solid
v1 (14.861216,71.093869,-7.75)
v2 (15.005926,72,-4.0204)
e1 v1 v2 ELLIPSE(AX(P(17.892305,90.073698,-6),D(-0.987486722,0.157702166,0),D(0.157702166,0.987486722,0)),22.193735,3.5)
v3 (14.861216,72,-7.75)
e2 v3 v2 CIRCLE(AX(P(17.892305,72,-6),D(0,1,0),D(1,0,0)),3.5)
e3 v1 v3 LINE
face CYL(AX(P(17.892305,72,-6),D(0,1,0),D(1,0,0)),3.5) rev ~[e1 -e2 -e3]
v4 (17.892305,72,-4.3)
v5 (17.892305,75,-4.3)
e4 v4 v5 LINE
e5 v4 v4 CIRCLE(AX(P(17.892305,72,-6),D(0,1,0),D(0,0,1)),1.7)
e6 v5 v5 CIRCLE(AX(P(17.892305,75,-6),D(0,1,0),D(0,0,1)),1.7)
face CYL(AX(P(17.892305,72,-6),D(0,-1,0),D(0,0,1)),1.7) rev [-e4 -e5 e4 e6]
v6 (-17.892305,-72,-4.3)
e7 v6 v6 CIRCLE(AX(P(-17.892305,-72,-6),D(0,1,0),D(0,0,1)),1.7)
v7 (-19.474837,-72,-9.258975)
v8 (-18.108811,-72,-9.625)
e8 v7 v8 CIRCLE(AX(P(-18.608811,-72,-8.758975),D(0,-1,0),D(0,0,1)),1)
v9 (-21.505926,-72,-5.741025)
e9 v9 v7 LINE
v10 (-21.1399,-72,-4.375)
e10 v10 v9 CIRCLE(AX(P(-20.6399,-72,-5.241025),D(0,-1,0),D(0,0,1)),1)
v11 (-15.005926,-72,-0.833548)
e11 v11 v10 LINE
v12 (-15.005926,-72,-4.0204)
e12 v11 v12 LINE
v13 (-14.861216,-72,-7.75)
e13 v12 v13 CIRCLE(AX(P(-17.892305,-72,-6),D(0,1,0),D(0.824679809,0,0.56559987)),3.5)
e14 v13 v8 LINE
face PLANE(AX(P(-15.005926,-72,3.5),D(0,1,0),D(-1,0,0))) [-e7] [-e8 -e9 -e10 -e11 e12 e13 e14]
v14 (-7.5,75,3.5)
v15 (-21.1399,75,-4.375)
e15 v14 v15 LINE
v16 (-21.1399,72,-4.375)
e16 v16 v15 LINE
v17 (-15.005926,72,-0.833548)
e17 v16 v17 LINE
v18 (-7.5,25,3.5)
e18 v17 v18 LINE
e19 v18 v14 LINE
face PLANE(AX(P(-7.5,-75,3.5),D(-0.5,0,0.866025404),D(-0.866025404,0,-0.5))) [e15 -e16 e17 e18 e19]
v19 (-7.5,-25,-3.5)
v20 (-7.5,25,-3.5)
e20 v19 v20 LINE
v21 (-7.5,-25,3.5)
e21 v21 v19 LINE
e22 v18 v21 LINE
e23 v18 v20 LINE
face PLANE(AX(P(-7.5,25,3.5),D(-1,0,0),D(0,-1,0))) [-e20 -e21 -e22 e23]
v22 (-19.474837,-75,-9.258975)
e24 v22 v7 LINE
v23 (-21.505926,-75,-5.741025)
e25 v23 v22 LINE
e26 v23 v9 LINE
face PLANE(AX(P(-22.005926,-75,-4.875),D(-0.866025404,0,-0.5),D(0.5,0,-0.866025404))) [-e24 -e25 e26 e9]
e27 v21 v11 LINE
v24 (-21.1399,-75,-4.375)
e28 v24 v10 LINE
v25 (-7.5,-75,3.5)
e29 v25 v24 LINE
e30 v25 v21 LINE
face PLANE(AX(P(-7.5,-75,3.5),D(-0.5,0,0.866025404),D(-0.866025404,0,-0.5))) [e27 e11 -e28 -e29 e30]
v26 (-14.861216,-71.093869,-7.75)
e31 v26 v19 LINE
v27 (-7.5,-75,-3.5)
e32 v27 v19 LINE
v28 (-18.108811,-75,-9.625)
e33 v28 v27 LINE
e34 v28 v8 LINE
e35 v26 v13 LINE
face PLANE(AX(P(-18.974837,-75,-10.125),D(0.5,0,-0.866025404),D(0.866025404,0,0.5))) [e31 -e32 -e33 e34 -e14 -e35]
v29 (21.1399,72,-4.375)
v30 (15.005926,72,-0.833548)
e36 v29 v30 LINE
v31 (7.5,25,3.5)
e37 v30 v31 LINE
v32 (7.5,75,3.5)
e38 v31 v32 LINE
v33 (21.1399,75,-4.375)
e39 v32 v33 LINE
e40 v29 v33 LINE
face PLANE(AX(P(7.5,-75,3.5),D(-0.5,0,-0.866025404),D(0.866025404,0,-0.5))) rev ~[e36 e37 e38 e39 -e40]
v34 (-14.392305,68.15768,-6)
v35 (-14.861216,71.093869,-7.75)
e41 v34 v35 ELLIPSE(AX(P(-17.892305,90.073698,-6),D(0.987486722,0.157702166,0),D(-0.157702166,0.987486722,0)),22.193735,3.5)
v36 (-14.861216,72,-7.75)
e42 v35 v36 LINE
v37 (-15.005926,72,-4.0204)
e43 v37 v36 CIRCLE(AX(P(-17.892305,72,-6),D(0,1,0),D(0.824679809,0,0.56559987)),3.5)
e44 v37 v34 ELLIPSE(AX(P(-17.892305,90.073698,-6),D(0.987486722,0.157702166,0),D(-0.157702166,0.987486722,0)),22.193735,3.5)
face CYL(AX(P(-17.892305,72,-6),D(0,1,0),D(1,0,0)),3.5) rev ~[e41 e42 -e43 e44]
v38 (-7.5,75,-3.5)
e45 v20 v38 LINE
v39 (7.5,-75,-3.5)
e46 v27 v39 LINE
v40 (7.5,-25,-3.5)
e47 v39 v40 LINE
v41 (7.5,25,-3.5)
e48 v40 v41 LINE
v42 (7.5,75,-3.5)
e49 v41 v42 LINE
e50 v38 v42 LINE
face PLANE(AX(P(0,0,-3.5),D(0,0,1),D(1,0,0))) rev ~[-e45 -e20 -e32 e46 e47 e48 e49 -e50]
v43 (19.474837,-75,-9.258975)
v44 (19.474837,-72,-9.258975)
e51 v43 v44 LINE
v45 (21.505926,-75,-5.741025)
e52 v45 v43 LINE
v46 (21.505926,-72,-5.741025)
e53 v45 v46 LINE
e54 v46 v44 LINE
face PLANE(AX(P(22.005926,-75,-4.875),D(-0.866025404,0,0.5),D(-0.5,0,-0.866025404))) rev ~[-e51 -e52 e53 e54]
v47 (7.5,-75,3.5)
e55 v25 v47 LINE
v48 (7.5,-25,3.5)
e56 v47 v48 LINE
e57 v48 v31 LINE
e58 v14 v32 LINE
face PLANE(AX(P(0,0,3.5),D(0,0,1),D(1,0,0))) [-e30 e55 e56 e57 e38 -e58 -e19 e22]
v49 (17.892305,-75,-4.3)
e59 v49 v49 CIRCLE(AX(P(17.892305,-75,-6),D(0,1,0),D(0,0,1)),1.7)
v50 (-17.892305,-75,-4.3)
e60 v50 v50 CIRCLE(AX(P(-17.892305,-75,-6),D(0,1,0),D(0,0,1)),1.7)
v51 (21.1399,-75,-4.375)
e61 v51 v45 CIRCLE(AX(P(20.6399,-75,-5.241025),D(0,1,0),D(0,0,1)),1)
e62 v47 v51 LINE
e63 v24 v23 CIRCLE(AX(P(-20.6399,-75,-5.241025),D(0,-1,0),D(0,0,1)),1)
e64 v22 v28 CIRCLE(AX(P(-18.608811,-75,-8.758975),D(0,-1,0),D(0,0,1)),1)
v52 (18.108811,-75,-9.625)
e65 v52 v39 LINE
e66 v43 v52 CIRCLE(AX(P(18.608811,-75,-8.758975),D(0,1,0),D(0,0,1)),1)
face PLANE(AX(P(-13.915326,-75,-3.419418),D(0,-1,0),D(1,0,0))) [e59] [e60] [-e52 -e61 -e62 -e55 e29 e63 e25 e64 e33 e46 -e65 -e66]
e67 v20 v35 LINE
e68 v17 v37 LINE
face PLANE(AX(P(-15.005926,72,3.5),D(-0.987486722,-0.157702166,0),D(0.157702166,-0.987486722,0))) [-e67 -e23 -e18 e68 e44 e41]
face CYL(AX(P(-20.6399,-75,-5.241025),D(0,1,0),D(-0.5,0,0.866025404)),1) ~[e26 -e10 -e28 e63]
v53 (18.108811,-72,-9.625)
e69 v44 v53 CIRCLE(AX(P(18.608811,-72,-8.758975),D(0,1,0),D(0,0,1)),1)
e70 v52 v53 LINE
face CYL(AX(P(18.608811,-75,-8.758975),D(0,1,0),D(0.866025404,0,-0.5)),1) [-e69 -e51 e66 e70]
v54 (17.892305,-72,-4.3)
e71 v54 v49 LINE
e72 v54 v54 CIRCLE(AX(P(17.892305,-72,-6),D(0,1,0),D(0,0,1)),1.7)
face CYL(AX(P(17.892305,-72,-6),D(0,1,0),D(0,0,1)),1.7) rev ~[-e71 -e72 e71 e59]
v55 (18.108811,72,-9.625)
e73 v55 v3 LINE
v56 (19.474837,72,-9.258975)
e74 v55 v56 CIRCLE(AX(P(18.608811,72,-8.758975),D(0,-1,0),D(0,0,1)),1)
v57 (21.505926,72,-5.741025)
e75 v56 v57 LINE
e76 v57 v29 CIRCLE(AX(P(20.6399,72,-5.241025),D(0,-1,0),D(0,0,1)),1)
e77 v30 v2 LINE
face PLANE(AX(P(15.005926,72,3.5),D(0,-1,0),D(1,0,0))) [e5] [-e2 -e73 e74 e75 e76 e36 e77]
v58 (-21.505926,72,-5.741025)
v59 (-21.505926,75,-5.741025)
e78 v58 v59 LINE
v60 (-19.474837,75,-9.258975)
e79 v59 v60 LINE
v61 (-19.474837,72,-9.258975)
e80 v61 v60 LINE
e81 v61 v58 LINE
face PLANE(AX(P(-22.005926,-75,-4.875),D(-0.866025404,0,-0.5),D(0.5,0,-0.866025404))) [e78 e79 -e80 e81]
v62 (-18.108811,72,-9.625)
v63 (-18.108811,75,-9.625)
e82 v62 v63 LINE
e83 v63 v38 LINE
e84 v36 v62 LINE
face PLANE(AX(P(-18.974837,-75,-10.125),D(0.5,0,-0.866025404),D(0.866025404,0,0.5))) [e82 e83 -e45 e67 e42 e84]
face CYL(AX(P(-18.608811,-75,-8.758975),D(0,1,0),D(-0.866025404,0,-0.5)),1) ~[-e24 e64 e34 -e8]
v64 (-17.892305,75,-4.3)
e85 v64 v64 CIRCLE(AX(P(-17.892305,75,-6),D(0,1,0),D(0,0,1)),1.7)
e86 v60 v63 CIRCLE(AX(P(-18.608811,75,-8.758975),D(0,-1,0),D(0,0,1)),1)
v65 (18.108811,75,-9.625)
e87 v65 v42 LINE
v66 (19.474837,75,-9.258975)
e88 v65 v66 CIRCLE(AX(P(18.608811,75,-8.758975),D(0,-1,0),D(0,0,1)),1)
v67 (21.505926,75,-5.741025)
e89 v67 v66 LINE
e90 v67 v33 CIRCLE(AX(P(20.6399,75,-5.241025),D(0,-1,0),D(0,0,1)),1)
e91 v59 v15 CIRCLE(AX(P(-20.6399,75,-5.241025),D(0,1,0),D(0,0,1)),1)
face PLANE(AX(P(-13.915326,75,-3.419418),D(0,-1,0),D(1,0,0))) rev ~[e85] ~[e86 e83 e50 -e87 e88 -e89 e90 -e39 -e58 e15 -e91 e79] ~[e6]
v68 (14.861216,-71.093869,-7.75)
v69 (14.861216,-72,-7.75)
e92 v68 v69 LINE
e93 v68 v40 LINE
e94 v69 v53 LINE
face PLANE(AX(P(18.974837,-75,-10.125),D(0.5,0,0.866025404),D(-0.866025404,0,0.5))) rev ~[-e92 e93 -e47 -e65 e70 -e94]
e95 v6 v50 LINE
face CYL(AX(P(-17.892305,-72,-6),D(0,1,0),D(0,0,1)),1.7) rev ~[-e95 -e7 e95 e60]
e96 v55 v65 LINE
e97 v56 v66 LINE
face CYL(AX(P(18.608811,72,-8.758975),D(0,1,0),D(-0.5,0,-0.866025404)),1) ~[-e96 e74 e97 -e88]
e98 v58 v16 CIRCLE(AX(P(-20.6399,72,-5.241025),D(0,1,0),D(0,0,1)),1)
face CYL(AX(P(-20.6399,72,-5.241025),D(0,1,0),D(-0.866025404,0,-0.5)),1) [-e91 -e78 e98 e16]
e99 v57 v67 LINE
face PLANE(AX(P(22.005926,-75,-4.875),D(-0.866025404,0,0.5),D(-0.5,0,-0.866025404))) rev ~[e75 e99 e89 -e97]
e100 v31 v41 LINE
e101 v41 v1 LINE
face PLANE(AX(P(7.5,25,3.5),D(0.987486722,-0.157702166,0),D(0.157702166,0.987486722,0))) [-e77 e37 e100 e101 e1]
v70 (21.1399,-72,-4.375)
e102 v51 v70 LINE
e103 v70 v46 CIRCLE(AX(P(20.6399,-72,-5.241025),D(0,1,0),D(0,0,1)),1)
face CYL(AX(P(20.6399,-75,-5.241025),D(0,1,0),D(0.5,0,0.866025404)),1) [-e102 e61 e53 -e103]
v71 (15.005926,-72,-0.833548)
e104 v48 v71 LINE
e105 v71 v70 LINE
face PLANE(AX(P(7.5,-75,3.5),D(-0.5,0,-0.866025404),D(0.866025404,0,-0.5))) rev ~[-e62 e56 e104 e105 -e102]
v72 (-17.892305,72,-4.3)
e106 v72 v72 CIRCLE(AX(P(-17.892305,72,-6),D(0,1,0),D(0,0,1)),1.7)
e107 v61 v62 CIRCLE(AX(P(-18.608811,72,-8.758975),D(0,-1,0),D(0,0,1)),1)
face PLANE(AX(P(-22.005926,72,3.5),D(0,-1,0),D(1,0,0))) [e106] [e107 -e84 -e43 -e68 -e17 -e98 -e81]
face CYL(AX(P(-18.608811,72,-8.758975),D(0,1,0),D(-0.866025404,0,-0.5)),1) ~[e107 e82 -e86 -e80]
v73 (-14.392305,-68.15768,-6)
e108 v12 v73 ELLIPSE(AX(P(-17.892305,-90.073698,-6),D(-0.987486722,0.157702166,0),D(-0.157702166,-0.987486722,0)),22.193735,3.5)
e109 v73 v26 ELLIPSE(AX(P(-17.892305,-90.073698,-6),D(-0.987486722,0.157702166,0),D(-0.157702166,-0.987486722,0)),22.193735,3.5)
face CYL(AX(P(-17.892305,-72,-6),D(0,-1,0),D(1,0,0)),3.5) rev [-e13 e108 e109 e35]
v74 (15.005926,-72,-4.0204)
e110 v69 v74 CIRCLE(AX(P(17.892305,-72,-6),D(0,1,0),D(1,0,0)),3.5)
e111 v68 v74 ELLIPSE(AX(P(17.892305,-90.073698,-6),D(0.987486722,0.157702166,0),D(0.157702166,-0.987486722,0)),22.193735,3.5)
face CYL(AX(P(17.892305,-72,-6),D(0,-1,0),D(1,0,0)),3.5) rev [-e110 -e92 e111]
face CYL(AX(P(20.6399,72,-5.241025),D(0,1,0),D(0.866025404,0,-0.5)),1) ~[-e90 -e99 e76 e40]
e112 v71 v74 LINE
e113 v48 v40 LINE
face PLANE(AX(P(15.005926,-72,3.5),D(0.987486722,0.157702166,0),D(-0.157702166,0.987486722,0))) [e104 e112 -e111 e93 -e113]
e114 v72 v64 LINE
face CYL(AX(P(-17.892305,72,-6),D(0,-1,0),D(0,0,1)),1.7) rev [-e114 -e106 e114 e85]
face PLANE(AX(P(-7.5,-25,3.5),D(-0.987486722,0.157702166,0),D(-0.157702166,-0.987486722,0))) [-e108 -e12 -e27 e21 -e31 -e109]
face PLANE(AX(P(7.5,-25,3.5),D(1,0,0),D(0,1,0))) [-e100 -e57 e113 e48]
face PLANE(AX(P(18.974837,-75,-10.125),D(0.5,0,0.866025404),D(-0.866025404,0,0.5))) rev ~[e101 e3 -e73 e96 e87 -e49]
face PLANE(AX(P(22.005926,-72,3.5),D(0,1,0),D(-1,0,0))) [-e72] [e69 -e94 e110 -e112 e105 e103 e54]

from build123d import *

# Parameters (mm, degrees)
SKETCH2_W            = 15
SKETCH2_H            = 150
BOSS_EXTRUDE1_DEPTH  = 3.5
BOSS_EXTRUDE2_DEPTH  = 150
CUT_EXTRUDE1_DEPTH   = 80.340414561
CUT_EXTRUDE2_REACH   = 150.982
SKETCH6_R            = 1.7
FILLET2_R            = 1
CUT_EXTRUDE3_REACH   = 150.982
SKETCH7_R            = 3.5
FILLET2_OF_MIRROR1_R = 1


with BuildPart() as part:
    # Sketch2 → Boss-Extrude1 (new, symmetric)
    with BuildSketch(Plane.XY):
        Rectangle(SKETCH2_W, SKETCH2_H)
    extrude(amount=BOSS_EXTRUDE1_DEPTH, both=True)

    # Sketch3 → Boss-Extrude2 (add)
    with BuildSketch(Plane.XZ.offset(75)):
        Polygon((-7.5, 3.5), (-22.005925513, -4.875), (-18.9748366, -10.125), (-7.5, -3.5), align=None)
        Polygon((7.5, 3.5), (22.005925513, -4.875), (18.9748366, -10.125), (7.5, -3.5), align=None)
    extrude(amount=-BOSS_EXTRUDE2_DEPTH)

    # Sketch5 → Cut-Extrude1 (cut, through all)
    with BuildSketch(Plane.XY.offset(3.5)):
        Polygon((-7.5, 25), (-7.5, -25), (-15.005925513, -72), (-22.005925513, -72), (-22.005925513, 72), (-15.005925513, 72), align=None)
        Polygon((22.005925513, -72), (15.005925513, -72), (7.5, -25), (7.5, 25), (15.005925513, 72), (22.005925513, 72), align=None)
    extrude(amount=-CUT_EXTRUDE1_DEPTH, mode=Mode.SUBTRACT)

    # Sketch6 → Cut-Extrude2 (cut, up to next)
    with BuildSketch(Plane(origin=(0, -72, 0), x_dir=(1, 0, 0), z_dir=(0, 1, 0)), mode=Mode.PRIVATE) as cut_extrude2_sk1:
        with Locations(Location((17.892304845, 6, 0), (0, 0, 270))):
            Circle(SKETCH6_R)
    cut_extrude2_tool1 = extrude(cut_extrude2_sk1.sketch, amount=-CUT_EXTRUDE2_REACH, mode=Mode.PRIVATE) & part.part
    # Sketch6 → Cut-Extrude2 (cut, up to next)
    with BuildSketch(Plane(origin=(0, -72, 0), x_dir=(1, 0, 0), z_dir=(0, 1, 0)), mode=Mode.PRIVATE) as cut_extrude2_sk2:
        with Locations(Location((-17.892304845, 6, 0), (0, 0, 270))):
            Circle(SKETCH6_R)
    cut_extrude2_tool2 = extrude(cut_extrude2_sk2.sketch, amount=-CUT_EXTRUDE2_REACH, mode=Mode.PRIVATE) & part.part
    cut_extrude2_1 = cut_extrude2_tool1.solids().sort_by_distance((17.892305, -72, -6))[0]
    add(cut_extrude2_1, mode=Mode.SUBTRACT)
    cut_extrude2_2 = cut_extrude2_tool2.solids().sort_by_distance((-17.892305, -72, -6))[0]
    add(cut_extrude2_2, mode=Mode.SUBTRACT)
    cut_extrude2 = cut_extrude2_1 + cut_extrude2_2  # Cut-Extrude2 as one shape, for the pattern or mirror that repeats it

    # Fillet2
    fillet2_edges = [part.edges().sort_by_distance(p)[0] for p in [
        (18.9748366, -73.5, -10.125),
        (22.005925513, -73.5, -4.875),
        (-22.005925513, -73.5, -4.875),
        (-18.9748366, -73.5, -10.125),
    ]]
    fillet(fillet2_edges, radius=FILLET2_R)

    # Sketch7 → Cut-Extrude3 (cut, up to next)
    with BuildSketch(Plane(origin=(0, -72, 0), x_dir=(1, 0, 0), z_dir=(0, 1, 0)), mode=Mode.PRIVATE) as cut_extrude3_sk1:
        with Locations((-17.892304845, 6)):
            Circle(SKETCH7_R)
    cut_extrude3_tool1 = extrude(cut_extrude3_sk1.sketch, amount=CUT_EXTRUDE3_REACH, mode=Mode.PRIVATE) & part.part
    # Sketch7 → Cut-Extrude3 (cut, up to next)
    with BuildSketch(Plane(origin=(0, -72, 0), x_dir=(1, 0, 0), z_dir=(0, 1, 0)), mode=Mode.PRIVATE) as cut_extrude3_sk2:
        with Locations((17.892304845, 6)):
            Circle(SKETCH7_R)
    cut_extrude3_tool2 = extrude(cut_extrude3_sk2.sketch, amount=CUT_EXTRUDE3_REACH, mode=Mode.PRIVATE) & part.part
    cut_extrude3_1 = cut_extrude3_tool1.solids().sort_by_distance((-17.892305, -72, -6))[0]
    add(cut_extrude3_1, mode=Mode.SUBTRACT)
    cut_extrude3_2 = cut_extrude3_tool2.solids().sort_by_distance((17.892305, -72, -6))[0]
    add(cut_extrude3_2, mode=Mode.SUBTRACT)
    cut_extrude3 = cut_extrude3_1 + cut_extrude3_2  # Cut-Extrude3 as one shape, for the pattern or mirror that repeats it

    # Mirror1: Cut-Extrude2, Cut-Extrude3 across plane
    add(cut_extrude2.mirror(Plane.ZX), mode=Mode.SUBTRACT)
    add(cut_extrude3.mirror(Plane.ZX), mode=Mode.SUBTRACT)

    # Fillet2 of Mirror1
    fillet2_of_mirror1_edges = [part.edges().sort_by_distance(p)[0] for p in [
        (18.9748366, 73.5, -10.125),
        (22.005925513, 73.5, -4.875),
        (-22.005925513, 73.5, -4.875),
        (-18.9748366, 73.5, -10.125),
    ]]
    fillet(fillet2_of_mirror1_edges, radius=FILLET2_OF_MIRROR1_R)


solid = part.part
